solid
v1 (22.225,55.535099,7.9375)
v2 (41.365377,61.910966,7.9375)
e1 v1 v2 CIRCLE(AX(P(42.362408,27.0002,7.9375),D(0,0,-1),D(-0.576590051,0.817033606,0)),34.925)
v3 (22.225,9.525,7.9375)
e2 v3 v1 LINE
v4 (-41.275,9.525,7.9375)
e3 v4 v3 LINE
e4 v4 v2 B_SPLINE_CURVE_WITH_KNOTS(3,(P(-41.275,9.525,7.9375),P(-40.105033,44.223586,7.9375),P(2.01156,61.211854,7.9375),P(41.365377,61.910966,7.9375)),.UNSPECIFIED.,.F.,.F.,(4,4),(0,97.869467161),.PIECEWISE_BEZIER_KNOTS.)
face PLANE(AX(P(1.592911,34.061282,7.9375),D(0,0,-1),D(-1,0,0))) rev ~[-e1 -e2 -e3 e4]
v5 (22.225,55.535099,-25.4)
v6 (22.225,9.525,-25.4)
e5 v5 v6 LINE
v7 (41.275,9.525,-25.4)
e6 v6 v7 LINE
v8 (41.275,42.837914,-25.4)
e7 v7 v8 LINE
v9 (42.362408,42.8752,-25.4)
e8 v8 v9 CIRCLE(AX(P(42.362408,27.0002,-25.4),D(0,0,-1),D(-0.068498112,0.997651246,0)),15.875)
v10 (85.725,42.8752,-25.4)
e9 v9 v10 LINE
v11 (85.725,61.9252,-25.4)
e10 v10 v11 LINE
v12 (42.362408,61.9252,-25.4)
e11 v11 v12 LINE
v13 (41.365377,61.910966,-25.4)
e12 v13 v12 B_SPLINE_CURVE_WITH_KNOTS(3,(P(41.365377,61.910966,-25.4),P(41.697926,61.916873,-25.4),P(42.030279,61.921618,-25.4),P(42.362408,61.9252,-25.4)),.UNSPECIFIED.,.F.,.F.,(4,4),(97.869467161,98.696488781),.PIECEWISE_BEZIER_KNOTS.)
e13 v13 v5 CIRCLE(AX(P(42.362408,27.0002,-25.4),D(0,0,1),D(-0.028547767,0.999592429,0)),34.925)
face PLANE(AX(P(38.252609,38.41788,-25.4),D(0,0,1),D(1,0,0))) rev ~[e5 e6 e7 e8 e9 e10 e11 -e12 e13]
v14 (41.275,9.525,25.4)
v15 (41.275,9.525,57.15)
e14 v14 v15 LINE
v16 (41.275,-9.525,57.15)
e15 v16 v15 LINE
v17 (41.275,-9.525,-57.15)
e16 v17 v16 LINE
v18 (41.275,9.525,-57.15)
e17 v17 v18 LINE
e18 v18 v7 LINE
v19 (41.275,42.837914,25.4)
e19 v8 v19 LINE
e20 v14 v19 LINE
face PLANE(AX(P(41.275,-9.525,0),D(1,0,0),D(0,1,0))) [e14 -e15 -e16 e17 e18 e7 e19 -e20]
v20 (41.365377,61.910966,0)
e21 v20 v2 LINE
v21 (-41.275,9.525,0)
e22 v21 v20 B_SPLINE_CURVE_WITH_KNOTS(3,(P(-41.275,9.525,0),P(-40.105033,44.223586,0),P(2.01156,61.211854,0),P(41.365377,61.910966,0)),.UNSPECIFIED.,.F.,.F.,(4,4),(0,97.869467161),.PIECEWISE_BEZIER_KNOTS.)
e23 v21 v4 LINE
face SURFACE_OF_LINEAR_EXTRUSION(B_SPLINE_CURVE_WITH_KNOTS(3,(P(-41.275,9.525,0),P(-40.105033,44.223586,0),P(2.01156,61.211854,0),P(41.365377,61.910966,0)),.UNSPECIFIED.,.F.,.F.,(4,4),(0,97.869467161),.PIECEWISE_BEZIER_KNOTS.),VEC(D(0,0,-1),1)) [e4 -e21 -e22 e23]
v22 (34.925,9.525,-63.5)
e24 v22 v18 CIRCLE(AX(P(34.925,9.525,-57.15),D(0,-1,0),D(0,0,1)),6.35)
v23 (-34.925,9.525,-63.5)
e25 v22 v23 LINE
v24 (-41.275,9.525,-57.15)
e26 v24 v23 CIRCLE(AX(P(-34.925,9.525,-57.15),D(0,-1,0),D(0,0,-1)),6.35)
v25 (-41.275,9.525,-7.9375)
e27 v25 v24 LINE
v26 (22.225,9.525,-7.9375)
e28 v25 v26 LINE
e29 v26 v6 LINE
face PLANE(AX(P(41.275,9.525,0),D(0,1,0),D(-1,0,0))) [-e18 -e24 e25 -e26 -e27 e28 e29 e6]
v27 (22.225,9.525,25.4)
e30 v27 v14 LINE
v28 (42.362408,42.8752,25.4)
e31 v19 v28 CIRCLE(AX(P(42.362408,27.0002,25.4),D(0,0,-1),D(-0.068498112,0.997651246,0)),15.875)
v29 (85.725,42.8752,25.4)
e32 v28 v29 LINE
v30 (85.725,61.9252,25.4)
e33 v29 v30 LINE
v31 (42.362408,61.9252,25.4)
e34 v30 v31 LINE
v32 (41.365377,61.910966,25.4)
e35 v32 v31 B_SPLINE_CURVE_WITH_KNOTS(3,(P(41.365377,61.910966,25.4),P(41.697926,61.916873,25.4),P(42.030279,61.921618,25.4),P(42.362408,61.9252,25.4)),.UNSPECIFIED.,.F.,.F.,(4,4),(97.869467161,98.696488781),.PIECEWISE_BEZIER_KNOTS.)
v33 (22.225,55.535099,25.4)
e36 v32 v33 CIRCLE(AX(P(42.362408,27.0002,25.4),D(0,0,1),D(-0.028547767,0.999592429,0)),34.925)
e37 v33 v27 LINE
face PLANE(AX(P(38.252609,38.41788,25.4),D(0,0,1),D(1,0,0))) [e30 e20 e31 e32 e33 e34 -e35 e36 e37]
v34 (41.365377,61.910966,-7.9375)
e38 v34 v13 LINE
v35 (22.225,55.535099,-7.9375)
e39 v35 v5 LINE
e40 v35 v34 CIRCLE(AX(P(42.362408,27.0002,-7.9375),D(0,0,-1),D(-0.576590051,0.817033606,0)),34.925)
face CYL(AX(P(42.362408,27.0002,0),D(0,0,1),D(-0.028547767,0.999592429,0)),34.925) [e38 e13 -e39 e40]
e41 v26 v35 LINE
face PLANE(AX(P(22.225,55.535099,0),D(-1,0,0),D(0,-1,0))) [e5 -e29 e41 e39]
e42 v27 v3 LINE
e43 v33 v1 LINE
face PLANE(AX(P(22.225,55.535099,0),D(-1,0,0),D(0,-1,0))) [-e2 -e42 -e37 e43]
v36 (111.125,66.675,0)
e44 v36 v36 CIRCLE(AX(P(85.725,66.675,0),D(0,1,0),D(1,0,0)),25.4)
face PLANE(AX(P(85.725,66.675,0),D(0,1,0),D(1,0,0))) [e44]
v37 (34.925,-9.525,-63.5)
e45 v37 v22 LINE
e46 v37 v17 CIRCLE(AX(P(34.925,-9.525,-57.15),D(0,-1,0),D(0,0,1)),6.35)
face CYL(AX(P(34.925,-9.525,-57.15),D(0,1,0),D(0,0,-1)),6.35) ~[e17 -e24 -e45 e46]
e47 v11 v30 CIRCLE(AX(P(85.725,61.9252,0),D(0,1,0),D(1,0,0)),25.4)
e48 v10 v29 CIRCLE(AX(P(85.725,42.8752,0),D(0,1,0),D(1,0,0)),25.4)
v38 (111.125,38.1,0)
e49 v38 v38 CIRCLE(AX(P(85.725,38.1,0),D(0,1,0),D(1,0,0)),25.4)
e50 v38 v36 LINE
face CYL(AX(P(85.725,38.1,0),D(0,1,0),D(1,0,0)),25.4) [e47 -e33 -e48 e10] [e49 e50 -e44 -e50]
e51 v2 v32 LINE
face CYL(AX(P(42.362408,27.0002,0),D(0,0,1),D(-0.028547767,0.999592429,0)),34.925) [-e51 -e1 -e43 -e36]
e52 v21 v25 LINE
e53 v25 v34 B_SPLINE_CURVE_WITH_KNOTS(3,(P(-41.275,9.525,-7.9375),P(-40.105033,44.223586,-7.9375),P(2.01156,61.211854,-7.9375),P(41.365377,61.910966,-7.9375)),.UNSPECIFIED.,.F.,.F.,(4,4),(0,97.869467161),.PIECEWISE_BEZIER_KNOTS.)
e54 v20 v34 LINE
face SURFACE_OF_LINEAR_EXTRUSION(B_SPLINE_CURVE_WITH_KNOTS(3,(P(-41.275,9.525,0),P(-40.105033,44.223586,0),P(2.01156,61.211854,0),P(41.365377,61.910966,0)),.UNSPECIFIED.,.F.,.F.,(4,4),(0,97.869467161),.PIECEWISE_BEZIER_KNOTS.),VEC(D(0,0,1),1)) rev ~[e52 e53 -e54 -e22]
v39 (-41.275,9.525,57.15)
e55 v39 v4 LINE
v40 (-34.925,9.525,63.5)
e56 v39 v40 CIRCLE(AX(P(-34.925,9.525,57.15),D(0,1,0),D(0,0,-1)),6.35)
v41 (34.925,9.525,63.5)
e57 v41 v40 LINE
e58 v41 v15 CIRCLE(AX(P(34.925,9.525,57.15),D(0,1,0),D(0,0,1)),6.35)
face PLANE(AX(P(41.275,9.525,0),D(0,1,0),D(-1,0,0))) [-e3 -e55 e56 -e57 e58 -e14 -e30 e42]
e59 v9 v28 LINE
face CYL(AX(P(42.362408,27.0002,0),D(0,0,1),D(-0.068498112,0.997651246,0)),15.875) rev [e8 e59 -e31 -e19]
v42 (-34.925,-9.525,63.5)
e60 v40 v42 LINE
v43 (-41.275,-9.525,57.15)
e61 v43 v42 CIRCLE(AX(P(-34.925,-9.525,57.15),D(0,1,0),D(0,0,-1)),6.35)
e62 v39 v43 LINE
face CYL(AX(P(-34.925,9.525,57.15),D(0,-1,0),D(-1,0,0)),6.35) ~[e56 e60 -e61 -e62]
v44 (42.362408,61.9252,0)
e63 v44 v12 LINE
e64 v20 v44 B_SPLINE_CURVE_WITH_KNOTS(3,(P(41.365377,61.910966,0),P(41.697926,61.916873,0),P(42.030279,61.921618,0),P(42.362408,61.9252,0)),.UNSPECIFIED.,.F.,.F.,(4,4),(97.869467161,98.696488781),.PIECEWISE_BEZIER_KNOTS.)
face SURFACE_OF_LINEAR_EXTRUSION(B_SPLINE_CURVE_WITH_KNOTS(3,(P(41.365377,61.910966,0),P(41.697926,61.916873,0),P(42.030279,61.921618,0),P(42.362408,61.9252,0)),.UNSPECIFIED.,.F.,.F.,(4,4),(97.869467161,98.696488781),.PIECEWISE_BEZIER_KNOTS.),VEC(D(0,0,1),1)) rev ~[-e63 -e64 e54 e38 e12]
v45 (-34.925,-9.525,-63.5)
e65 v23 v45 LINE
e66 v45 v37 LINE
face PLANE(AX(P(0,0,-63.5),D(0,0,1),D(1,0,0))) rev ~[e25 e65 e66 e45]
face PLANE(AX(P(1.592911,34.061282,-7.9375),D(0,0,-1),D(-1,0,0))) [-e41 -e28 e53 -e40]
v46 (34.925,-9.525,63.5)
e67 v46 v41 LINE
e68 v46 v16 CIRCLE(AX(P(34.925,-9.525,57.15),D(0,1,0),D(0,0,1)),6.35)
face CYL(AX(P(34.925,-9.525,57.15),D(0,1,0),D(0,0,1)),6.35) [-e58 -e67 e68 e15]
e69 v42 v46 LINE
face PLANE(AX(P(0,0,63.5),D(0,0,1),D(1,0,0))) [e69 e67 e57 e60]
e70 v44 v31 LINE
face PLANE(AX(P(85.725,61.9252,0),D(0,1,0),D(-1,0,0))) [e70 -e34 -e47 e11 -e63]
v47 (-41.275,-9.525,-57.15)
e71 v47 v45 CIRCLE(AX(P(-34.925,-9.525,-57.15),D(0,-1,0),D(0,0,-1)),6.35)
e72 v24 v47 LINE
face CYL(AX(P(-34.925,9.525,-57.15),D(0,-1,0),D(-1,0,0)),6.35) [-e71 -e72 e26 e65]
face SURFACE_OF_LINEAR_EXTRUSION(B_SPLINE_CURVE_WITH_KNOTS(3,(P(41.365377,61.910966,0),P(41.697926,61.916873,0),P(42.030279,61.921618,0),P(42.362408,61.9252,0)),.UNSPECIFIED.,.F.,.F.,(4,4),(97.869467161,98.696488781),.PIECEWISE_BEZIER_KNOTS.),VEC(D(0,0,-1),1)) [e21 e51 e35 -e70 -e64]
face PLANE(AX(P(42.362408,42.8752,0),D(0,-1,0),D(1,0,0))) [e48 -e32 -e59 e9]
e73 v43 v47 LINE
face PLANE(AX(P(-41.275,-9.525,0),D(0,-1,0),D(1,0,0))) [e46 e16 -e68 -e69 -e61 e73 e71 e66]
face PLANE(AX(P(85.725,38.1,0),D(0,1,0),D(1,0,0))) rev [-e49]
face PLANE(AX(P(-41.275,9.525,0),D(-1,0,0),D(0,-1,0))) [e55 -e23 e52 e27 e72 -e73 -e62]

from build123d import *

# Parameters (mm, degrees)
F1_DEPTH = 63.5
F0_W     = 25.4
F0_H     = 19.05
F2_DEPTH = 25.4
F3_DEPTH = 7.9375
F4_R     = 6.35


with BuildPart() as f1:
    # F0 (on Top) → F1 (new body, symmetric)
    with BuildSketch(Plane.XY):
        Polygon((-41.275, -9.525), (41.275, -9.525), (41.275, 9.525), (22.225, 9.525), (-41.275, 9.525), align=None)
    extrude(amount=F1_DEPTH, both=True)

    # F0 (on Top) → F2 (join, symmetric)
    with BuildSketch(Plane.XY):
        with BuildLine():
            Line((22.225, 9.525), (41.275, 9.525))
            Line((41.275, 9.525), (41.275, 42.8379135305))
            ThreePointArc((41.275, 42.8379135305), (41.8183842247, 42.8658756442), (42.3624075254, 42.8752))
            Line((42.3624075254, 42.8752), (60.325, 42.8752))
            Line((60.325, 42.8752), (60.325, 61.9252))
            Line((60.325, 61.9252), (42.3624075254, 61.9252))
            add(Edge.make_bspline(
                [(41.3653767795, 61.9109655988), (41.6979264338, 61.916873269), (42.0302788073, 61.9216177836), (42.3624075254, 61.9252)],
                knots=[97.8694671613, 97.8694671613, 97.8694671613, 97.8694671613, 98.6964887806, 98.6964887806, 98.6964887806, 98.6964887806], degree=3))
            ThreePointArc((41.3653767795, 61.9109655988), (31.324788218, 60.1351752531), (22.225, 55.5350986883))
            Line((22.225, 55.5350986883), (22.225, 9.525))
        make_face()
        with Locations((73.025, 52.4002)):
            Rectangle(F0_W, F0_H)
    extrude(amount=F2_DEPTH, both=True)

    # F0 (on Top) → F3 (join, symmetric)
    with BuildSketch(Plane.XY):
        with BuildLine():
            add(Edge.make_bspline(
                [(-41.275, 9.525), (-40.1050332587, 44.223586325), (2.0115597622, 61.211853837), (41.3653767795, 61.9109655988)],
                knots=[0, 0, 0, 0, 97.8694671613, 97.8694671613, 97.8694671613, 97.8694671613], degree=3))
            Line((-41.275, 9.525), (22.225, 9.525))
            Line((22.225, 9.525), (22.225, 55.5350986883))
            ThreePointArc((22.225, 55.5350986883), (31.324788218, 60.1351752531), (41.3653767795, 61.9109655988))
        make_face()
    extrude(amount=F3_DEPTH, both=True)

    # F4
    f4_edges = [f1.edges().sort_by_distance(p)[0] for p in [
        (41.275, 0, 63.5),
        (-41.275, 0, 63.5),
        (-41.275, 0, -63.5),
        (41.275, 0, -63.5),
    ]]
    fillet(f4_edges, radius=F4_R)

    # F0 (on Top) → F5 (revolve)
    with BuildSketch(Plane.XY):
        Polygon((85.725, 61.9252), (85.725, 42.8752), (85.725, 38.1), (111.125, 38.1), (111.125, 66.675), (85.725, 66.675), align=None)
    revolve(axis=Axis((85.725, 52.3875, 0), (0, 1, 0)))


solid = f1.part
